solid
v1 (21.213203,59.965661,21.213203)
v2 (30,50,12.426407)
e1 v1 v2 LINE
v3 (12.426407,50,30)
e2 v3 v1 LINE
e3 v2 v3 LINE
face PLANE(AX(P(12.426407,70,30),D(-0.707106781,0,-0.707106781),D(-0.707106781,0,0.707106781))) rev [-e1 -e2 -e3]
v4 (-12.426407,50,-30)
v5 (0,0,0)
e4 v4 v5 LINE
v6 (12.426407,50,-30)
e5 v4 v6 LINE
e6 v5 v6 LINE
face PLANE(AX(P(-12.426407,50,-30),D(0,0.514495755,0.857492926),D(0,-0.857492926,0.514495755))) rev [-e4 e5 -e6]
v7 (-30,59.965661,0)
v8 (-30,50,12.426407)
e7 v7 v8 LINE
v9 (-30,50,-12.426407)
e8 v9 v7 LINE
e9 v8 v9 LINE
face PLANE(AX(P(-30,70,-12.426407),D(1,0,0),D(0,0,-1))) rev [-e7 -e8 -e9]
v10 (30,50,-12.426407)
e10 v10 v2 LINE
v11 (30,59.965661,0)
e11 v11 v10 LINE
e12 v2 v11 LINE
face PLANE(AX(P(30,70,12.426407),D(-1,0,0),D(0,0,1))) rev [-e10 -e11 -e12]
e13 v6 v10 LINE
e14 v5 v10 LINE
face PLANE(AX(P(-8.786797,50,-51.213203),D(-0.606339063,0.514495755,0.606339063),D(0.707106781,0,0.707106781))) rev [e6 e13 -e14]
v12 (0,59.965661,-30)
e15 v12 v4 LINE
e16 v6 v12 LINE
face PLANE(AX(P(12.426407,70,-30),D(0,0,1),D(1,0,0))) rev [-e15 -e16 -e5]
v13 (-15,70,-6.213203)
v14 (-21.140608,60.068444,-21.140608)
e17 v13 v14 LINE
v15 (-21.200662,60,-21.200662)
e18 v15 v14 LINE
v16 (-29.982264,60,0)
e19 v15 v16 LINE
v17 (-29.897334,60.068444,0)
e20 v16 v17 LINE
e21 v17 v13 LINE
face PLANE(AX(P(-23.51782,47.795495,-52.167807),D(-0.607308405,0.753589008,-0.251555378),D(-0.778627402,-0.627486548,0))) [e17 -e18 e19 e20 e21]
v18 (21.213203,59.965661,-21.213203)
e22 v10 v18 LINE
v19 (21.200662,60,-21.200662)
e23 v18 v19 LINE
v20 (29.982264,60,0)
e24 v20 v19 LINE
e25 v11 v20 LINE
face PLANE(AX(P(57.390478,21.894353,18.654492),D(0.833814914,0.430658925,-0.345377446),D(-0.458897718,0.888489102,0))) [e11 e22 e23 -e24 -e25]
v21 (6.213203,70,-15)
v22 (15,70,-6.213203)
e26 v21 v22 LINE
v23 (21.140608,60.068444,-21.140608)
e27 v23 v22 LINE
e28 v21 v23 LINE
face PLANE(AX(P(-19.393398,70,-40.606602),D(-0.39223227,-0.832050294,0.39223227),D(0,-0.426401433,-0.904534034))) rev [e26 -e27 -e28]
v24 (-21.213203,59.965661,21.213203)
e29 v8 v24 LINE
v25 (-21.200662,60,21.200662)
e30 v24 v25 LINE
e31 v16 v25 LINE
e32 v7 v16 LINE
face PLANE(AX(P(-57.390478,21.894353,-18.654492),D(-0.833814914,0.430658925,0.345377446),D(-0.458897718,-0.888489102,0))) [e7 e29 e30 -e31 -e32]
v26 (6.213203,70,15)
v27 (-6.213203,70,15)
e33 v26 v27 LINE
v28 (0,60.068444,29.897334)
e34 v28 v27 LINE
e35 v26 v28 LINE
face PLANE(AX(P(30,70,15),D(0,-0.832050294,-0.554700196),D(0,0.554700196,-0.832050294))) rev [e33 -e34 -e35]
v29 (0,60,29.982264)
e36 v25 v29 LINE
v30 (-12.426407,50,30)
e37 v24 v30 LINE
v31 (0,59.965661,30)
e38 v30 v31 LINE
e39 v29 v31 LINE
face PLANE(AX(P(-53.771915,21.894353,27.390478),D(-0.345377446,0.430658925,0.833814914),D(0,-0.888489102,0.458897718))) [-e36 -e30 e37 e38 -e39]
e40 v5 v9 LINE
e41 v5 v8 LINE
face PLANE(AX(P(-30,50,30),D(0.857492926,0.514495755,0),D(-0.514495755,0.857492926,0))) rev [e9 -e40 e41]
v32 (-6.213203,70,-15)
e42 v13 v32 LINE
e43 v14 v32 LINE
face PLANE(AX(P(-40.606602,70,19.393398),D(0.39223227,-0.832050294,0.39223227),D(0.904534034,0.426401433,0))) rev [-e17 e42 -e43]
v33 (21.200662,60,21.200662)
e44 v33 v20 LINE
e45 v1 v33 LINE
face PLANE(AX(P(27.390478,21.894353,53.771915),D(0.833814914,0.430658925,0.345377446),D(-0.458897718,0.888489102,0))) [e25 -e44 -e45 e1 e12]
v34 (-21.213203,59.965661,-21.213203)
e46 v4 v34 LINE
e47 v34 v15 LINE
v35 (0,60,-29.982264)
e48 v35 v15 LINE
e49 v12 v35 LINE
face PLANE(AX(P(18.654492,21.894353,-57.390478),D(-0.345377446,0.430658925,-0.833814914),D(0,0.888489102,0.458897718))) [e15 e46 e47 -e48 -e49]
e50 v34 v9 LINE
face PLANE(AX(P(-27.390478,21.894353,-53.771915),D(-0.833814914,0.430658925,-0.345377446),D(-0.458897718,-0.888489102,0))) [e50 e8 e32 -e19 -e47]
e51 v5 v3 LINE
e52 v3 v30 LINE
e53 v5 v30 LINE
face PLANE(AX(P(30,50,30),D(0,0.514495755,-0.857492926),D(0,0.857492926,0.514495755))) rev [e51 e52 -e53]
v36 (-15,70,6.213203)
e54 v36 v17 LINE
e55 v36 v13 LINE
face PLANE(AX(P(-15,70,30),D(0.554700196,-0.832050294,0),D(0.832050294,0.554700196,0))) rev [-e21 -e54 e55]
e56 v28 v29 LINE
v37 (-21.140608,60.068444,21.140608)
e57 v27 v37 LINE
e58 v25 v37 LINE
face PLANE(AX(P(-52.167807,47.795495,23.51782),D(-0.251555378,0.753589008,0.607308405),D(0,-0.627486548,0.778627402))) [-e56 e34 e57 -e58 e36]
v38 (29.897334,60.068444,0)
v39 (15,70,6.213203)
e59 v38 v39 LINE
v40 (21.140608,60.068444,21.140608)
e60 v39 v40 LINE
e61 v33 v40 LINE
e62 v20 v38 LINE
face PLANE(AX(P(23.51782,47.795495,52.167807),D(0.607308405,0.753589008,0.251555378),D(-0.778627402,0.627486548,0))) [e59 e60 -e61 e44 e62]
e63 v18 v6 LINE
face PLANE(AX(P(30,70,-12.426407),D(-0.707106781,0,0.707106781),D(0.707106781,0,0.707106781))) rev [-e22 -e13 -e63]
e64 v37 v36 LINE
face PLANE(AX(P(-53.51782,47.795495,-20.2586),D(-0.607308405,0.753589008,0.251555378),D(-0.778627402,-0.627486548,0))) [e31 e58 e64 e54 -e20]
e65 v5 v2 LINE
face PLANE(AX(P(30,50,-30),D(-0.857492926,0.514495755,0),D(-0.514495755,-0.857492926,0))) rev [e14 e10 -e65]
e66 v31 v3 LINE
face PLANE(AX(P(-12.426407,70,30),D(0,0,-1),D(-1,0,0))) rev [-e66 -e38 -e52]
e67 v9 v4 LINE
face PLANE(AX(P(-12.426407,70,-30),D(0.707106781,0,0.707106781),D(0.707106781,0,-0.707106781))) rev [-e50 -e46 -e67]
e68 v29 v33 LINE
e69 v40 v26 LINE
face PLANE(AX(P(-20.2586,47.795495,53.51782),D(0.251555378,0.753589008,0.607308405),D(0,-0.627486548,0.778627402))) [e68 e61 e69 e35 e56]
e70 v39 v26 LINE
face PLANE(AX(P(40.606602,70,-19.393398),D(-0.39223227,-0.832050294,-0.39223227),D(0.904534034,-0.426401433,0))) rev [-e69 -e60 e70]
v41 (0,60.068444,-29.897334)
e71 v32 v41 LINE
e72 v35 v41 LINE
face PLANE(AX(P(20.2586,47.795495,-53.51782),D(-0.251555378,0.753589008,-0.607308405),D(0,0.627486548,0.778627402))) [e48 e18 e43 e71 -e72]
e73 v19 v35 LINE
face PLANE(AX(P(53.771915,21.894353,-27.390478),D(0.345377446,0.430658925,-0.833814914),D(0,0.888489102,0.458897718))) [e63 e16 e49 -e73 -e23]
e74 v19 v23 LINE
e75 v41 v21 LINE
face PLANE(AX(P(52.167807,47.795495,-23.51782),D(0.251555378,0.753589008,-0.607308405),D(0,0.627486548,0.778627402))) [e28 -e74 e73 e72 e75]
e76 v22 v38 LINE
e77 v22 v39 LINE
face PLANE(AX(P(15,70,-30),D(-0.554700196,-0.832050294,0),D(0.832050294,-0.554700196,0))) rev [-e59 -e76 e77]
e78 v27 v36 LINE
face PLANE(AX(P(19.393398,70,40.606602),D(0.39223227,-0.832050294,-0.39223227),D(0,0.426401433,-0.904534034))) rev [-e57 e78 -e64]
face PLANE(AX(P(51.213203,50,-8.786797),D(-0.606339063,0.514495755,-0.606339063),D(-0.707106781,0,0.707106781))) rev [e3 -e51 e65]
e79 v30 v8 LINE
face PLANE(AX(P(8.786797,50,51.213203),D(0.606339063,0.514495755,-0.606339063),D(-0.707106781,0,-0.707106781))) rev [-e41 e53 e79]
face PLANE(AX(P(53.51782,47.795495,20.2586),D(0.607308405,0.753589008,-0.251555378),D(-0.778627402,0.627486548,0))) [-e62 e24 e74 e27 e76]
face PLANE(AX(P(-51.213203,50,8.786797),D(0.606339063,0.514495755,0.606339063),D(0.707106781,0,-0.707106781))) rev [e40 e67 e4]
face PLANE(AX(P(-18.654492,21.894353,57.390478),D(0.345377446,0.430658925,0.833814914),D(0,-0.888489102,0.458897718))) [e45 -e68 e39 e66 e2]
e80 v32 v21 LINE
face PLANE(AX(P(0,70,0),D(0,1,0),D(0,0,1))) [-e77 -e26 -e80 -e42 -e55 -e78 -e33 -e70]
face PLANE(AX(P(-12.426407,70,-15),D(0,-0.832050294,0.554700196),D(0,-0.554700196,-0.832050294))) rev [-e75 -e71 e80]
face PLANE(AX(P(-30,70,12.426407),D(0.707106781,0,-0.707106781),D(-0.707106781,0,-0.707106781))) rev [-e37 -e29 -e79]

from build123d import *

# Parameters (mm, degrees)
BOSS_EXTRUDE1_DEPTH = 70
CUT_EXTRUDE1_DEPTH  = 78.164859799
CIRPATTERN1_COUNT   = 8
CUT_EXTRUDE2_DEPTH  = 82.853527719
CIRPATTERN2_COUNT   = 8


with BuildPart() as part:
    # Sketch1 → Boss-Extrude1 (new body)
    with BuildSketch(Plane(origin=(0, 0, 0), x_dir=(1, 0, 0), z_dir=(0, 1, 0))):
        Polygon((0, 0), (-12.426406871, 30), (12.426406871, 30), align=None)
    boss_extrude1 = extrude(amount=BOSS_EXTRUDE1_DEPTH)

    # Sketch2 → Cut-Extrude1 (cut, symmetric)
    with BuildSketch(Plane(origin=(0, 0, 0), x_dir=(0, 0, -1), z_dir=(1, 0, 0))):
        Polygon((15, 70), (30, 60), (30, 70), align=None)
        Polygon((30, 50), (0, 0), (30, 0), align=None)
    cut_extrude1 = extrude(amount=CUT_EXTRUDE1_DEPTH, both=True, mode=Mode.SUBTRACT)

    # CirPattern1: Boss-Extrude1, Cut-Extrude1 ×8 about axis
    cirpattern1_axis = Axis((0, -3.5, 0), (0, 1, 0))
    add([boss_extrude1.rotate(cirpattern1_axis, i * 360 / CIRPATTERN1_COUNT) for i in range(1, CIRPATTERN1_COUNT)])
    add([cut_extrude1.rotate(cirpattern1_axis, i * 360 / CIRPATTERN1_COUNT) for i in range(1, CIRPATTERN1_COUNT)], mode=Mode.SUBTRACT)

    # Sketch3 → Cut-Extrude2 (cut, symmetric)
    with BuildSketch(Plane(origin=(0, 0, 0), x_dir=(0, 1, 0), z_dir=(0.9238795325112865, 0, -0.3826834323650906))):
        Polygon((70, 16.235883004), (70, 32.471766009), (50, 32.471766009), (60, 27.7), align=None)
    cut_extrude2 = extrude(amount=CUT_EXTRUDE2_DEPTH, both=True, mode=Mode.SUBTRACT)

    # CirPattern2: Cut-Extrude2 ×8 about axis
    cirpattern2_axis = Axis((0, -3.5, 0), (0, 1, 0))
    for i in range(1, CIRPATTERN2_COUNT):
        add(cut_extrude2.rotate(cirpattern2_axis, i * 360 / CIRPATTERN2_COUNT), mode=Mode.SUBTRACT)


solid = part.part
